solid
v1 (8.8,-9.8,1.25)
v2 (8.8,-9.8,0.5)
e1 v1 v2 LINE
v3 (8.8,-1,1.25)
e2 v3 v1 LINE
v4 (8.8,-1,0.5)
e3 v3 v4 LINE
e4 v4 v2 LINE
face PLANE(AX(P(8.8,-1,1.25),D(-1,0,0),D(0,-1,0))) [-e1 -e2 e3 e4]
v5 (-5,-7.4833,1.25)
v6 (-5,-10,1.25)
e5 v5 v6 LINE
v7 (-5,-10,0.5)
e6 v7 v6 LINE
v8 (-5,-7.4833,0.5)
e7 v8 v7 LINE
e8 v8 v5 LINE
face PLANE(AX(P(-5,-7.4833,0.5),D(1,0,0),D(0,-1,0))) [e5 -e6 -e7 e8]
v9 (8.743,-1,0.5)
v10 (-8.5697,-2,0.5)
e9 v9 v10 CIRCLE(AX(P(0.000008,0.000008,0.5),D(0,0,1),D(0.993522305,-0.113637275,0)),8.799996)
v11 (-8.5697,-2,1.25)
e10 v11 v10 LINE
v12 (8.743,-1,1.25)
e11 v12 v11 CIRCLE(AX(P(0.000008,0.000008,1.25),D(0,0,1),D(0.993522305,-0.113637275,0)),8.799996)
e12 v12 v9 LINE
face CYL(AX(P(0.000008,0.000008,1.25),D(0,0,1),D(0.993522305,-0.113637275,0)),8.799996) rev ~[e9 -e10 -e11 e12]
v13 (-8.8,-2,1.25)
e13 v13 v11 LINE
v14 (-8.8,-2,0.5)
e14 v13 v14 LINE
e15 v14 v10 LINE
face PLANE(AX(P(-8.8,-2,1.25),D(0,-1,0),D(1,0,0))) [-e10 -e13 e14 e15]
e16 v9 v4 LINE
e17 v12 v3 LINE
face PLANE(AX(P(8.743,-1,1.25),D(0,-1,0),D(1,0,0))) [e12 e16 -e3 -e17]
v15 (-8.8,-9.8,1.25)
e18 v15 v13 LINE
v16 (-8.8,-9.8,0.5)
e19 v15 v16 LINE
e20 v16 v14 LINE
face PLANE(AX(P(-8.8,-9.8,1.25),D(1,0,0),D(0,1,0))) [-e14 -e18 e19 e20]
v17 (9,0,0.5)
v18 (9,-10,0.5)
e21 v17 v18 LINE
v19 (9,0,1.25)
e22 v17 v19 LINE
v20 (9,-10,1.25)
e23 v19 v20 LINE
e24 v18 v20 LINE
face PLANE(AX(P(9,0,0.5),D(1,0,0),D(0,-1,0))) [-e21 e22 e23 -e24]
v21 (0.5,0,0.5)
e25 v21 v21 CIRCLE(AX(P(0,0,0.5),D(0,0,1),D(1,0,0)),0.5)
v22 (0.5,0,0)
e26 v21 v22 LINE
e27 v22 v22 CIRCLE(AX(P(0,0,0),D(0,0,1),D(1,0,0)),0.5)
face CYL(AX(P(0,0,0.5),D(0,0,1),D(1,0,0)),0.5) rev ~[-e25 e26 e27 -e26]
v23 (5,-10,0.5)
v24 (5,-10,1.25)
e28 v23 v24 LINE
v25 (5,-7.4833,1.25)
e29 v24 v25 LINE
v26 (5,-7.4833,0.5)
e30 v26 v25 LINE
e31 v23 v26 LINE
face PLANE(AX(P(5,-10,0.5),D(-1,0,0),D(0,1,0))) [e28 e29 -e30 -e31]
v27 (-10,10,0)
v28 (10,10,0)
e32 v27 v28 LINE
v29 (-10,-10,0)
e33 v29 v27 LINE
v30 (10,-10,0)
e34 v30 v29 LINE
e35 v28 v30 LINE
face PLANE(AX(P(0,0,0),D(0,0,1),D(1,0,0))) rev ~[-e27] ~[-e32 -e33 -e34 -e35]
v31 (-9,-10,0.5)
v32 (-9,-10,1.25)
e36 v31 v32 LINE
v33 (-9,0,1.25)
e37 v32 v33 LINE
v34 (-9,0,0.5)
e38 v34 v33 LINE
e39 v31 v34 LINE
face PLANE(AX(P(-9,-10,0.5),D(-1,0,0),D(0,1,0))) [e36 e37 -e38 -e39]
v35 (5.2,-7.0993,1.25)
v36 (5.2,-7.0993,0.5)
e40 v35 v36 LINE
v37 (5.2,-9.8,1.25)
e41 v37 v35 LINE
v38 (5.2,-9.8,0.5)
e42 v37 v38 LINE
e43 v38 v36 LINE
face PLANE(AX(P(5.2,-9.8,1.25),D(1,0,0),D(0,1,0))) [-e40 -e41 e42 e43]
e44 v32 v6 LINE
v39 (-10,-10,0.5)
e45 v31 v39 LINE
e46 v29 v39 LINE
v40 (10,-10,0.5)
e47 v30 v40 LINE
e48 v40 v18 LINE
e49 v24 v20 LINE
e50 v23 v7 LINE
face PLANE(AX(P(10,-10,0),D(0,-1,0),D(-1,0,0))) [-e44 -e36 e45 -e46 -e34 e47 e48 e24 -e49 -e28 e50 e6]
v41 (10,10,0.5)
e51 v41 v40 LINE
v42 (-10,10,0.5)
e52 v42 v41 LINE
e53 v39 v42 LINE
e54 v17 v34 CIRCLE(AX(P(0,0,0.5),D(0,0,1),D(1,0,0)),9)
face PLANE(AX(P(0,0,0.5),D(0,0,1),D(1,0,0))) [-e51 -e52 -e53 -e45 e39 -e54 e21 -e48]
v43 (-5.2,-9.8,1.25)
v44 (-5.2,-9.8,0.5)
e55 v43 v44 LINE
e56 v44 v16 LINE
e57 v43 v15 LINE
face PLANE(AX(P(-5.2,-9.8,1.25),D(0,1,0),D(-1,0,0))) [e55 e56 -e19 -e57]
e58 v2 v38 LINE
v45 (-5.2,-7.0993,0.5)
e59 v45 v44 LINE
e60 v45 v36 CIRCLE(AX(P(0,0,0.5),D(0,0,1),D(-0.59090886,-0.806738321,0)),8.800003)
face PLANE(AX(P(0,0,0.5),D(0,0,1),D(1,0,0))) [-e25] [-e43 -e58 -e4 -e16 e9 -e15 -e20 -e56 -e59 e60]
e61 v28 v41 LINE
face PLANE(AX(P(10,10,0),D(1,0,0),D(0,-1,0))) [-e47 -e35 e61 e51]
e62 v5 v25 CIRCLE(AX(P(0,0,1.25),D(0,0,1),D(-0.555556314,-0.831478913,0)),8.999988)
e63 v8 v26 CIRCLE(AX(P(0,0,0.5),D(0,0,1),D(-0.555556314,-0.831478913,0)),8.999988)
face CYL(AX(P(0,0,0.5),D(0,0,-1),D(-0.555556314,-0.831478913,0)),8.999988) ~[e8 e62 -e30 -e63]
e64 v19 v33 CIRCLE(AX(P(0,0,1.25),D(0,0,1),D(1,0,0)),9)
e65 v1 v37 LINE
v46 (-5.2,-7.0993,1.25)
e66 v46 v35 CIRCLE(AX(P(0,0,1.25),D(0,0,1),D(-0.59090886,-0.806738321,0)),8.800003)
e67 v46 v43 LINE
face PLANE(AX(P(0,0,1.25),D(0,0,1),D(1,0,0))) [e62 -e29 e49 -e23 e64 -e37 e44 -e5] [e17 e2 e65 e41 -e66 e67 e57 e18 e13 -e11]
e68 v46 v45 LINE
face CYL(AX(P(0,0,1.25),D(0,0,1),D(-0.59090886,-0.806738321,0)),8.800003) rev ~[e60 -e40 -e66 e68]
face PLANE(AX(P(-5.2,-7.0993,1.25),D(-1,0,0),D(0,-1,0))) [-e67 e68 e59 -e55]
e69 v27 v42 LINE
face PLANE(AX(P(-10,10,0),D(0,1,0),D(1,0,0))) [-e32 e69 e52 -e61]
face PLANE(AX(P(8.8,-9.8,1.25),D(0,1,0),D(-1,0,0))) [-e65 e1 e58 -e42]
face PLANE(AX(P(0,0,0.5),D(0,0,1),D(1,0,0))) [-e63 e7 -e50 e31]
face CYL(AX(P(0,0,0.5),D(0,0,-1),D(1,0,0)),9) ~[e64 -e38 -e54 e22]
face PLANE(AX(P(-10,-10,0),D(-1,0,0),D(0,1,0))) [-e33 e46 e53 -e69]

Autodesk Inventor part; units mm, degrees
ref_plane "YZ Plane" through (0, 0, 0) normal (1, 0, 0) x (0, 1, 0)
ref_plane "XZ Plane" through (0, 0, 0) normal (0, 1, 0) x (-1, 0, 0)
ref_plane "XY Plane" through (0, 0, 0) normal (0, 0, 1) x (1, 0, 0)
sketch "Sketch1" plane through (0, 0, 0) normal (0, 0, 1) x (1, 0, 0)
  line L0 (10, -10) -> (-10, -10)
  line L1 (-10, -10) -> (-10, 10)
  line L2 (-10, 10) -> (10, 10)
  line L3 (10, 10) -> (10, -10)
  line L4 (10, -10) -> (-10, 10) construction
  line L5 (-10, -10) -> (10, 10) construction
  point P0 (0, 0)
  dimension "d0" = 20
  dimension "d1" = 20
extrude "Extrusion1" add sketch "Sketch1" along normal blind 0.5
sketch "Sketch2" plane through (0, 0, 0.5) normal (0, 0, 1) x (1, 0, 0)
  point P0 (0, 0)
sketch "Sketch3" plane through (0, 0, 0.5) normal (0, 0, 1) x (1, 0, 0)
  line L0 (-10, -10) -> (10, -10) projected
  line L1 (-5, -7.4833) -> (-5, -10)
  line L2 (-5, -10) -> (-9, -10)
  line L3 (-9, -10) -> (-9, 0)
  line L4 (5, 0) -> (9, 0)
  line L5 (9, 0) -> (9, -10)
  line L6 (9, -10) -> (5, -10)
  line L7 (5, -10) -> (5, -7.4833)
  line L8 (-10, 10) -> (-10, -10) projected
  line L9 (10, -10) -> (10, 10) projected
  arc A0 (-5, -7.4833) -> (5, -7.4833) centre (0, 0) ccw
  arc A1 (9, 0) -> (-9, 0) centre (0, 0) ccw
  dimension "d4" = 4
  dimension "d5" = 1
  dimension "d6" = 1
extrude "Extrusion2" add sketch "Sketch3" along normal blind 0.75 contours L3 A1 L5 L0 L7 A0 L1
sketch "Sketch4" plane through (0, 0, 1.25) normal (0, 0, 1) x (1, 0, 0)
  line L0 (-8.8, -2) -> (-8.5697, -2)
  line L1 (-5.2, -7.0993) -> (-5.2, -9.8)
  line L2 (-5.2, -9.8) -> (-8.8, -9.8)
  line L3 (-8.8, -9.8) -> (-8.8, -2)
  line L4 (-9, 0) -> (-9, -10) projected
  line L5 (-9, -10) -> (-5, -10) projected
  line L6 (-5, -10) -> (-5, -7.4833) projected
  line L7 (8.743, -1) -> (8.8, -1)
  line L8 (8.8, -1) -> (8.8, -9.8)
  line L9 (8.8, -9.8) -> (5.2, -9.8)
  line L10 (5.2, -9.8) -> (5.2, -7.0993)
  line L11 (9, -10) -> (9, 0) projected
  line L12 (5, -10) -> (9, -10) projected
  line L13 (5, -7.4833) -> (5, -10) projected
  arc A0 (-5.2, -7.0993) -> (5.2, -7.0993) centre (0, 0) ccw
  arc A1 (8.743, -1) -> (-8.5697, -2) centre (0, 0) ccw
  dimension "d9" = 0.2
  dimension "d10" = 0.2
  dimension "d11" = 0.2
  dimension "d12" = 0.2
  dimension "d13" = 0.2
  dimension "d14" = 0.2
extrude "Extrusion3" cut sketch "Sketch4" against normal blind 0.75
sketch "Sketch6" plane through (0, 0, 0.5) normal (0, 0, 1) x (1, 0, 0)
  point P0 (0, 0)
sketch "Sketch9" plane through (0, 0, 0.5) normal (0, 0, 1) x (1, 0, 0)
  circle A0 centre (0, 0) radius 0.5
  dimension "d20" = 1
extrude "Extrusion5" cut sketch "Sketch9" against normal blind 0.5
properties part number "base" material "Aluminum 3004-H32"
